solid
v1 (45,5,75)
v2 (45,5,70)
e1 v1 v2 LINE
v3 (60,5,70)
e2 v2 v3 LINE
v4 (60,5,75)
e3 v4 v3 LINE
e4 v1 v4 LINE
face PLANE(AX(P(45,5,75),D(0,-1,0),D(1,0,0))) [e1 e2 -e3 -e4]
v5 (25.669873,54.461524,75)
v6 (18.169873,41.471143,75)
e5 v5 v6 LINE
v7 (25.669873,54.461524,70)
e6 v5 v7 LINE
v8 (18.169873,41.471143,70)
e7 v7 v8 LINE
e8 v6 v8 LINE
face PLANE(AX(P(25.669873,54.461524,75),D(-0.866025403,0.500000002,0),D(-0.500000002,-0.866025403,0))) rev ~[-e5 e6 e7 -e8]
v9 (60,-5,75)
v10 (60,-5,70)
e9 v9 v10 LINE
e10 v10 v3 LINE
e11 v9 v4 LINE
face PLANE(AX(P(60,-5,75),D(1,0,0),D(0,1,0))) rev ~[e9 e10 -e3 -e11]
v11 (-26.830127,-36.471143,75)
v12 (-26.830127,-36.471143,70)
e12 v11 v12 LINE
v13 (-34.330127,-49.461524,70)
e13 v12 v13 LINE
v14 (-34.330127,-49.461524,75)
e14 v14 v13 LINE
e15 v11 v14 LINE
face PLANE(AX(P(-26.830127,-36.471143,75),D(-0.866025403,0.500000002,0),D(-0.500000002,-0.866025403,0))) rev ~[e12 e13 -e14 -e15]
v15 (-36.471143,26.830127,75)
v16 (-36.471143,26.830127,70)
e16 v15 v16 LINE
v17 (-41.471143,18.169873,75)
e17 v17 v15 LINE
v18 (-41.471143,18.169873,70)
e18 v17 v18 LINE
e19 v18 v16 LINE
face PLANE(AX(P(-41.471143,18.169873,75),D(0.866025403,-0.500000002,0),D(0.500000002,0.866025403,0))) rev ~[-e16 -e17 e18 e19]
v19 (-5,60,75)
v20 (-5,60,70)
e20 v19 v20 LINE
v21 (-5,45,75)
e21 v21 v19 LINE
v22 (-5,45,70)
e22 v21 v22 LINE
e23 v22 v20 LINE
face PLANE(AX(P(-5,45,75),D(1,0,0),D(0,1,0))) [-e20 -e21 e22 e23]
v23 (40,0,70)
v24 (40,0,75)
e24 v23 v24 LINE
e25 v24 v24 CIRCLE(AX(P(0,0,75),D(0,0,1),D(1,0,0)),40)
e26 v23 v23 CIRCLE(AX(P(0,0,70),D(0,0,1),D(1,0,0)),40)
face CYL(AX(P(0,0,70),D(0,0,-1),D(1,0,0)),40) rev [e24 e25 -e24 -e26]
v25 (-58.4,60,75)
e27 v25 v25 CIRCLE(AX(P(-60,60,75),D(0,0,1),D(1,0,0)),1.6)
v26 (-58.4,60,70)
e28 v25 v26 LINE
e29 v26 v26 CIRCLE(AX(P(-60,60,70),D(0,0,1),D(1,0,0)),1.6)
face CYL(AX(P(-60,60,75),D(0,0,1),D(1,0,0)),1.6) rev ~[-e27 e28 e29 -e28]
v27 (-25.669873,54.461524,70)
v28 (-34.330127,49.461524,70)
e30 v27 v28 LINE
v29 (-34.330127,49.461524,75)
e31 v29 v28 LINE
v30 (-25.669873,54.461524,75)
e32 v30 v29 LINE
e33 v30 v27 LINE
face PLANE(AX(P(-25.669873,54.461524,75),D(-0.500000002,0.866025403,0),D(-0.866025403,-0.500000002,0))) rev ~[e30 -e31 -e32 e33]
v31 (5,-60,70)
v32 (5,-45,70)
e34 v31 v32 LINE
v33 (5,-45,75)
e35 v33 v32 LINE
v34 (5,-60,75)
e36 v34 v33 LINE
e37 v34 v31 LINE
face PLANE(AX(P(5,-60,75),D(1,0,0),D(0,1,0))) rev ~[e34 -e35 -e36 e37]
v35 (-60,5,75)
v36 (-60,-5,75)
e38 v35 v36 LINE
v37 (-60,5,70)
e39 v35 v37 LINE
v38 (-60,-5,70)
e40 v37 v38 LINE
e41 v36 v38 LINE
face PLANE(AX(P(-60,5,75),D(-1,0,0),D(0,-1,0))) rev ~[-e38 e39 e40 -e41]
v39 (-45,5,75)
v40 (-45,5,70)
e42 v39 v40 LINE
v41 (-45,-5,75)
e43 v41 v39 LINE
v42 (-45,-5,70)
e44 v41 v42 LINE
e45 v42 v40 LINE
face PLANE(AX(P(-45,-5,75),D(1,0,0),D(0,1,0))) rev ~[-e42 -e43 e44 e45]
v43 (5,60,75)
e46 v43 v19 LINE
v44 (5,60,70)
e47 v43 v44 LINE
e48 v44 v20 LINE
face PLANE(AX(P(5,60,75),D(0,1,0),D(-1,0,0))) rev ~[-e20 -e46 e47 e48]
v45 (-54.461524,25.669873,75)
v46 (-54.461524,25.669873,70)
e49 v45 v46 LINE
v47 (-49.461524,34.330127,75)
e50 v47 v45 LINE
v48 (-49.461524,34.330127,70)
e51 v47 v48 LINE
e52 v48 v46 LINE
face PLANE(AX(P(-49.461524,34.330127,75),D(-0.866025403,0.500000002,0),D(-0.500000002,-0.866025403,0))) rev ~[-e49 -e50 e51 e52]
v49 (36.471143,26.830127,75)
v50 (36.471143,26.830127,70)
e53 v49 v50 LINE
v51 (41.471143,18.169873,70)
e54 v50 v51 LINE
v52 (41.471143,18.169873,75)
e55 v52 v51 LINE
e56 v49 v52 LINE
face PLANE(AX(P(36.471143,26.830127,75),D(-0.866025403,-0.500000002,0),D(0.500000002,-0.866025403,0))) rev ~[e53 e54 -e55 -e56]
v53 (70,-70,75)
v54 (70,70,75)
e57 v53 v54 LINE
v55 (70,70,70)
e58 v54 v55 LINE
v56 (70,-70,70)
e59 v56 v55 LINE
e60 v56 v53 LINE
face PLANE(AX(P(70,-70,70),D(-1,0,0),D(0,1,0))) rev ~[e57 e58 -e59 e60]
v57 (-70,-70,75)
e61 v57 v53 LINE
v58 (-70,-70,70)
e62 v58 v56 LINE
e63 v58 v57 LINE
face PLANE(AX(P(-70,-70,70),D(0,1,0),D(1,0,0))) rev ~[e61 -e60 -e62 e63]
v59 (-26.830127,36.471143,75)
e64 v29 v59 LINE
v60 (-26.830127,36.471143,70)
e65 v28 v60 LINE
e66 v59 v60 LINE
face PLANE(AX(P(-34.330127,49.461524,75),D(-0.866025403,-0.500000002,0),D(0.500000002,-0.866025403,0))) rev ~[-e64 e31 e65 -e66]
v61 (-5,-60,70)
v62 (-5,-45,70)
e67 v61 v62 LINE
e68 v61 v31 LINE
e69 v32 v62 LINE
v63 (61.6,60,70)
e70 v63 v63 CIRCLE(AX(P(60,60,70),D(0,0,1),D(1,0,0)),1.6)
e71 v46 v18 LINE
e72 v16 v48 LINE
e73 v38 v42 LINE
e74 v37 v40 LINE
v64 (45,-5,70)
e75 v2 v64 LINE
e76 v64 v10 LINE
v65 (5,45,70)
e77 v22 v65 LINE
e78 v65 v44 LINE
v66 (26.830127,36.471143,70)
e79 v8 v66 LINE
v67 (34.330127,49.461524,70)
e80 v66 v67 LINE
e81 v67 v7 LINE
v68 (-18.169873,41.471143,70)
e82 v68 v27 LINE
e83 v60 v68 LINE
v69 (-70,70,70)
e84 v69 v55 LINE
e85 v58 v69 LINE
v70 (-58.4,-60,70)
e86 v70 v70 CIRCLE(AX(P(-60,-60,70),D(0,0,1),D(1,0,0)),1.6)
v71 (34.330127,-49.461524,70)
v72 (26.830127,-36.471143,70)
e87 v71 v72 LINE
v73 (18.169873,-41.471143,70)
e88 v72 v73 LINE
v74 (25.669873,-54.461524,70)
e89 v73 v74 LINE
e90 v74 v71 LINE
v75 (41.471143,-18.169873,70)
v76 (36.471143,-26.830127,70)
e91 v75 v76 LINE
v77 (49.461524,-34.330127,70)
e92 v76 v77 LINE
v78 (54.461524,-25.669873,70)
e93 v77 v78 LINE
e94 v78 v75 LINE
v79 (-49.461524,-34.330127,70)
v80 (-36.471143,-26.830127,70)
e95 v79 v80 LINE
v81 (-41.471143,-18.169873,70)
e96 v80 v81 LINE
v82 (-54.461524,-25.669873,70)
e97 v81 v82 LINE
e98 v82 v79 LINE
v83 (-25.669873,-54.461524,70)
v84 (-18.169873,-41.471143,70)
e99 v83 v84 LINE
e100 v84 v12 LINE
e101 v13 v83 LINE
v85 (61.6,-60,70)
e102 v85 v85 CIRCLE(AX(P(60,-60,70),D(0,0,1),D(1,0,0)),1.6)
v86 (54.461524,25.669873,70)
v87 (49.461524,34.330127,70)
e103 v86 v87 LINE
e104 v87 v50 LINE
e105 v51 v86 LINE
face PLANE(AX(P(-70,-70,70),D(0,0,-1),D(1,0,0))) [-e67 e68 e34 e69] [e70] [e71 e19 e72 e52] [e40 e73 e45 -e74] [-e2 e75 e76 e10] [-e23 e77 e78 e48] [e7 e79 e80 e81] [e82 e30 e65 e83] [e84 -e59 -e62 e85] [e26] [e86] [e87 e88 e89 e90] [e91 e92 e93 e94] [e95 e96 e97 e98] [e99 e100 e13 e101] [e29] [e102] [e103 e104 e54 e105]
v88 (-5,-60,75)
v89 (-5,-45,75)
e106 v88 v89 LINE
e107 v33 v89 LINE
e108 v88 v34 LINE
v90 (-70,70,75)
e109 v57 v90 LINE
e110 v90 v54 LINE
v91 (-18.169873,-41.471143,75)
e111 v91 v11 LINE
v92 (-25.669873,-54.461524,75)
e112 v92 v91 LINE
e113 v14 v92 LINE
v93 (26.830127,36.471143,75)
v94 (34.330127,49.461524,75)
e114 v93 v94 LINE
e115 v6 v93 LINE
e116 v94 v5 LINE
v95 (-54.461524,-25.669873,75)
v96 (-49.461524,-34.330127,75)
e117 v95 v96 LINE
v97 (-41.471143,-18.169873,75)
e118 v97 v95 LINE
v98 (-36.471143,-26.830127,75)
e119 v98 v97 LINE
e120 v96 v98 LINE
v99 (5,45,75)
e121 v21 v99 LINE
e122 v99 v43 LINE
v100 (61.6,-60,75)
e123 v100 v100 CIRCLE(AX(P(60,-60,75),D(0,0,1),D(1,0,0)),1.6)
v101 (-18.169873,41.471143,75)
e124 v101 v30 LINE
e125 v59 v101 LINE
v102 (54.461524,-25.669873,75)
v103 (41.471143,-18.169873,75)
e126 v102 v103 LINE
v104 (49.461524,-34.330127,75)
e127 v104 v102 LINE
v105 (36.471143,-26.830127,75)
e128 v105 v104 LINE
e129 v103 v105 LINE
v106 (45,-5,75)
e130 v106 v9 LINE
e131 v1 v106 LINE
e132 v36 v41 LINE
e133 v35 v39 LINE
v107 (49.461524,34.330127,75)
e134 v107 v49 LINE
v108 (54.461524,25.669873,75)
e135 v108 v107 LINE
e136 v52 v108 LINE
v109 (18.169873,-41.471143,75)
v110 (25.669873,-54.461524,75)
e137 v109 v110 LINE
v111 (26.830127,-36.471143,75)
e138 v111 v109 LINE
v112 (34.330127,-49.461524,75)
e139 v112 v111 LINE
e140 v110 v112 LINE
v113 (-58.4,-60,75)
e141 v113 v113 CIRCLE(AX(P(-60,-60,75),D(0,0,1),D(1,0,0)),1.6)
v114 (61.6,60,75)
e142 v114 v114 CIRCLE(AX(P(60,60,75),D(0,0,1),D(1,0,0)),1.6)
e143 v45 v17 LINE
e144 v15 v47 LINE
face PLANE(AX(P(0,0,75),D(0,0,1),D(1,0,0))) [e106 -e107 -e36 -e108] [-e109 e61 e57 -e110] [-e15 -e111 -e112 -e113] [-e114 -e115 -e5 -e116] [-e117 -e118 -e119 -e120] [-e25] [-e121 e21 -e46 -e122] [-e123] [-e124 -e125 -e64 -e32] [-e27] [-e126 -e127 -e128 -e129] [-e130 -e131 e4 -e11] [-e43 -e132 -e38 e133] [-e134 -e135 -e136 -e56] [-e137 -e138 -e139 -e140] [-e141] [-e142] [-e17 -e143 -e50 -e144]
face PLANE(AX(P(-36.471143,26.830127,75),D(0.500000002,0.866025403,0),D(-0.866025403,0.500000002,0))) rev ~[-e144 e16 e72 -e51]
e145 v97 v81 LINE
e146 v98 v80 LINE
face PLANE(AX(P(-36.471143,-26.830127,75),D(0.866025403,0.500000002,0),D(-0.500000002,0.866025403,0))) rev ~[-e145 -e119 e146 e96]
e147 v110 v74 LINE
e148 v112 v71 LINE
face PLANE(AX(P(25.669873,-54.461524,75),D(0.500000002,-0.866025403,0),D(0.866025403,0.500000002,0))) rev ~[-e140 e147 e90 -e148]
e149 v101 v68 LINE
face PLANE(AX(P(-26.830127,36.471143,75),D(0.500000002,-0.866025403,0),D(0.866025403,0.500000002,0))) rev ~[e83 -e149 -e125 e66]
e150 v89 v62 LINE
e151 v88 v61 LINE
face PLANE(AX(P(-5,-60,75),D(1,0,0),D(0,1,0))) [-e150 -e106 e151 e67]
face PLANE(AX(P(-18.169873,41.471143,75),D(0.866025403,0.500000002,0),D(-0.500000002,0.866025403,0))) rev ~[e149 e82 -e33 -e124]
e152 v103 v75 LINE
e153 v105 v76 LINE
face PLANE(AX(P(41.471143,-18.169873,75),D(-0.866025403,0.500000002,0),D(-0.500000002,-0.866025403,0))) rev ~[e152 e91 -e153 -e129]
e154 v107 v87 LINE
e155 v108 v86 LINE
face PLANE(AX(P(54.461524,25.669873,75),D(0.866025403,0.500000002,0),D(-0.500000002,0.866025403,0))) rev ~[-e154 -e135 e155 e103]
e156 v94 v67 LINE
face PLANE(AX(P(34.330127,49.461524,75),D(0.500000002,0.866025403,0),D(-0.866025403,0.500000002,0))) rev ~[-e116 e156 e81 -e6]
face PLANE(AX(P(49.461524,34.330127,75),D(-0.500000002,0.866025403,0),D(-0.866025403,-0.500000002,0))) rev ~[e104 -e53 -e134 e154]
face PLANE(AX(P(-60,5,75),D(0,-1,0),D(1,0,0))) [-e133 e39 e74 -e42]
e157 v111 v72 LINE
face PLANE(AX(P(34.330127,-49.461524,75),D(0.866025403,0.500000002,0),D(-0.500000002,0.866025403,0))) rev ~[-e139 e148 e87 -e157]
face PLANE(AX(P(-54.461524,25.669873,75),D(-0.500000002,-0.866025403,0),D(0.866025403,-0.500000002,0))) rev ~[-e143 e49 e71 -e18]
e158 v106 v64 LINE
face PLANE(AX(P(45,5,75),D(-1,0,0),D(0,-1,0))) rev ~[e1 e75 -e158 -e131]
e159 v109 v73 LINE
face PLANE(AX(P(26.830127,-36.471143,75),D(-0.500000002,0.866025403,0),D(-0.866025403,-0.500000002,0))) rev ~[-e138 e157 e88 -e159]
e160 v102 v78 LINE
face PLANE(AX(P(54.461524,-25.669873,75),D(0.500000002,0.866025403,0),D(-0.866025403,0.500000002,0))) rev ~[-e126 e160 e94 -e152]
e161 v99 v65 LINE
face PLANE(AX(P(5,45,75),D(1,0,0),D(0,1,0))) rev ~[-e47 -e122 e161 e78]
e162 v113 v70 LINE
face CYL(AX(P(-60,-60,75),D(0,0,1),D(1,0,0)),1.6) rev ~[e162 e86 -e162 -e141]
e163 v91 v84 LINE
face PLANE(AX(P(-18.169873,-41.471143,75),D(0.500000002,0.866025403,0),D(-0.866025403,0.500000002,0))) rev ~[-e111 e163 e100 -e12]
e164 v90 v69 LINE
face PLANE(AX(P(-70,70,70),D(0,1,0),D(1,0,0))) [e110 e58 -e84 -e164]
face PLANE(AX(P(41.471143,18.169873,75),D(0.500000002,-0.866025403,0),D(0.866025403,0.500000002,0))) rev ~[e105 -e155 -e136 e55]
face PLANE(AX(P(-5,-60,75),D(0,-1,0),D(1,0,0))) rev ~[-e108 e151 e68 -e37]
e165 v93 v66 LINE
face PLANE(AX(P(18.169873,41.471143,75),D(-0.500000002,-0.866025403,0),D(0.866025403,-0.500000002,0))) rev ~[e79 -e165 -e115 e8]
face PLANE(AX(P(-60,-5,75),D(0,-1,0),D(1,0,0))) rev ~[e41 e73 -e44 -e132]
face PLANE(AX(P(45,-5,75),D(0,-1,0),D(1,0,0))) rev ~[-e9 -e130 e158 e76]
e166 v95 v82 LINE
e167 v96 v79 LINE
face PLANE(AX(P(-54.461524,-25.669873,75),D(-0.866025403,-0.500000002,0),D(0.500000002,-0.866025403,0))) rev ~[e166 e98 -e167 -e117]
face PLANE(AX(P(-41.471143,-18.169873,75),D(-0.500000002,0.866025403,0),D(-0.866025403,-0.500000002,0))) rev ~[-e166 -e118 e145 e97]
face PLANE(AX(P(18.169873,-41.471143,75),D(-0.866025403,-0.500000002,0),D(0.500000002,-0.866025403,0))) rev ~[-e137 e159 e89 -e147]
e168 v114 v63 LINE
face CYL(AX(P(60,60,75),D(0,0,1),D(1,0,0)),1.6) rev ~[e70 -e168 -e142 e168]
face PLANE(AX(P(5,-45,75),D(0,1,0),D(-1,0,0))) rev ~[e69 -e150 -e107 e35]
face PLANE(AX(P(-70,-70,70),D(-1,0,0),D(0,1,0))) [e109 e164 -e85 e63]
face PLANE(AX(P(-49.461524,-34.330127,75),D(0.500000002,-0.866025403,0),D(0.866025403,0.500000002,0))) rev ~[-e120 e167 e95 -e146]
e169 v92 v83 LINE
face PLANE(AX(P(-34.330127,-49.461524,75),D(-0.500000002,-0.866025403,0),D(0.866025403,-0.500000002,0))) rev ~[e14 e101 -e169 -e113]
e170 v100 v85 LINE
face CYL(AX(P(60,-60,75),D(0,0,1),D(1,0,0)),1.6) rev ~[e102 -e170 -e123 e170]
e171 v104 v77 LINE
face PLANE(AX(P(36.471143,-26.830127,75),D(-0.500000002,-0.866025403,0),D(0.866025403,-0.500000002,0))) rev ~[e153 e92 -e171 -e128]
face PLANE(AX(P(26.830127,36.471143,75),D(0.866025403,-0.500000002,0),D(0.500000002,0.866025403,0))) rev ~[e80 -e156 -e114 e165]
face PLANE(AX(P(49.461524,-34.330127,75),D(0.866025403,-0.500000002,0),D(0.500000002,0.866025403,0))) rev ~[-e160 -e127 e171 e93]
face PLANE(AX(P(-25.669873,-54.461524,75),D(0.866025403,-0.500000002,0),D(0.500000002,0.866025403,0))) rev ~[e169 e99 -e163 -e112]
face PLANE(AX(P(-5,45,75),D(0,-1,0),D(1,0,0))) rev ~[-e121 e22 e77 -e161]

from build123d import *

# Parameters (mm, degrees)
F0_W      = 130
F0_H      = 5
F1_DEPTH  = 70
F2_W      = 140
F2_H      = 140
F3_DEPTH  = 5
F4_W      = 140
F4_H      = 140
F4_R      = 40
F5_DEPTH  = 5
F7_W      = 5
F7_H      = 15
F7_W_2    = 15
F7_H_2    = 5
F8_DEPTH  = 5
F9_W      = 140
F9_H      = 70
F10_DEPTH = 140
F11_R     = 1.6
F12_DEPTH = 5


with BuildPart() as f1:
    # F0 (on Top) → F1 (new body)
    with BuildSketch(Plane.XY):
        with Locations((0, 67.5)):
            Rectangle(F0_W, F0_H)
        Polygon((-65, -65), (-65, 65), (-65, 70), (-70, 70), (-70, -70), (-65, -70), align=None)
        Polygon((65, 70), (65, 65), (65, -65), (65, -70), (70, -70), (70, 70), align=None)
        with Locations((0, -67.5)):
            Rectangle(F0_W, F0_H)
    extrude(amount=F1_DEPTH)

    # F2 (on face) → F3 (join)
    with BuildSketch(Plane(origin=(0, 0, 0), x_dir=(1, 0, 0), z_dir=(0, 0, -1))):
        Rectangle(F2_W, F2_H)
    extrude(amount=-F3_DEPTH)

    # F4 (on face) → F5 (join)
    with BuildSketch(Plane.XY.offset(70)):
        Rectangle(F4_W, F4_H)
        Circle(F4_R, mode=Mode.SUBTRACT)
    extrude(amount=F5_DEPTH)

    # F7 (on face) → F8 (cut, through all)
    with BuildSketch(Plane.XY.offset(75)):
        Polygon((-41.471143, 18.169873), (-38.971143, 22.5), (-51.961524, 30), (-54.461524, 25.669873), align=None)
        Polygon((-51.961524, 30), (-38.971143, 22.5), (-36.471143, 26.830127), (-49.461524, 34.330127), align=None)
        with Locations((-2.5, 52.5)):
            Rectangle(F7_W, F7_H)
        with Locations((2.5, 52.5)):
            Rectangle(F7_W, F7_H)
        Polygon((51.961524, 30), (49.461524, 34.330127), (36.471143, 26.830127), (38.971143, 22.5), align=None)
        Polygon((54.461524, 25.669873), (51.961524, 30), (38.971143, 22.5), (41.471143, 18.169873), align=None)
        Polygon((-26.830127, 36.471143), (-22.5, 38.971143), (-30, 51.961524), (-34.330127, 49.461524), align=None)
        Polygon((-30, 51.961524), (-22.5, 38.971143), (-18.169873, 41.471143), (-25.669873, 54.461524), align=None)
        Polygon((51.961524, -30), (54.461524, -25.669873), (41.471143, -18.169873), (38.971143, -22.5), align=None)
        Polygon((49.461524, -34.330127), (51.961524, -30), (38.971143, -22.5), (36.471143, -26.830127), align=None)
        with Locations((-2.5, -52.5)):
            Rectangle(F7_W, F7_H)
        with Locations((2.5, -52.5)):
            Rectangle(F7_W, F7_H)
        Polygon((-51.961524, -30), (-49.461524, -34.330127), (-36.471143, -26.830127), (-38.971143, -22.5), align=None)
        Polygon((-54.461524, -25.669873), (-51.961524, -30), (-38.971143, -22.5), (-41.471143, -18.169873), align=None)
        Polygon((30, 51.961524), (25.669873, 54.461524), (18.169873, 41.471143), (22.5, 38.971143), align=None)
        Polygon((34.330127, 49.461524), (30, 51.961524), (22.5, 38.971143), (26.830127, 36.471143), align=None)
        with Locations((52.5, 2.5)):
            Rectangle(F7_W_2, F7_H_2)
        with Locations((52.5, -2.5)):
            Rectangle(F7_W_2, F7_H_2)
        Polygon((30, -51.961524), (34.330127, -49.461524), (26.830127, -36.471143), (22.5, -38.971143), align=None)
        Polygon((25.669873, -54.461524), (30, -51.961524), (22.5, -38.971143), (18.169873, -41.471143), align=None)
        Polygon((-26.830127, -36.471143), (-34.330127, -49.461524), (-30, -51.961524), (-22.5, -38.971143), align=None)
        Polygon((-22.5, -38.971143), (-30, -51.961524), (-25.669873, -54.461524), (-18.169873, -41.471143), align=None)
        with Locations((-52.5, 2.5)):
            Rectangle(F7_W_2, F7_H_2)
        with Locations((-52.5, -2.5)):
            Rectangle(F7_W_2, F7_H_2)
    extrude(amount=-F8_DEPTH, mode=Mode.SUBTRACT)

    # F9 (on face) → F10 (cut, through all)
    with BuildSketch(Plane.XZ.offset(70)):
        with Locations((0, 35)):
            Rectangle(F9_W, F9_H)
    extrude(amount=-F10_DEPTH, mode=Mode.SUBTRACT)

    # F11 (on face) → F12 (cut, through all)
    with BuildSketch(Plane.XY.offset(75)):
        with Locations((-60, -60)):
            Circle(F11_R)
        with Locations((-60, 60)):
            Circle(F11_R)
        with Locations((60, -60)):
            Circle(F11_R)
        with Locations((60, 60)):
            Circle(F11_R)
    extrude(amount=-F12_DEPTH, mode=Mode.SUBTRACT)


solid = f1.part
